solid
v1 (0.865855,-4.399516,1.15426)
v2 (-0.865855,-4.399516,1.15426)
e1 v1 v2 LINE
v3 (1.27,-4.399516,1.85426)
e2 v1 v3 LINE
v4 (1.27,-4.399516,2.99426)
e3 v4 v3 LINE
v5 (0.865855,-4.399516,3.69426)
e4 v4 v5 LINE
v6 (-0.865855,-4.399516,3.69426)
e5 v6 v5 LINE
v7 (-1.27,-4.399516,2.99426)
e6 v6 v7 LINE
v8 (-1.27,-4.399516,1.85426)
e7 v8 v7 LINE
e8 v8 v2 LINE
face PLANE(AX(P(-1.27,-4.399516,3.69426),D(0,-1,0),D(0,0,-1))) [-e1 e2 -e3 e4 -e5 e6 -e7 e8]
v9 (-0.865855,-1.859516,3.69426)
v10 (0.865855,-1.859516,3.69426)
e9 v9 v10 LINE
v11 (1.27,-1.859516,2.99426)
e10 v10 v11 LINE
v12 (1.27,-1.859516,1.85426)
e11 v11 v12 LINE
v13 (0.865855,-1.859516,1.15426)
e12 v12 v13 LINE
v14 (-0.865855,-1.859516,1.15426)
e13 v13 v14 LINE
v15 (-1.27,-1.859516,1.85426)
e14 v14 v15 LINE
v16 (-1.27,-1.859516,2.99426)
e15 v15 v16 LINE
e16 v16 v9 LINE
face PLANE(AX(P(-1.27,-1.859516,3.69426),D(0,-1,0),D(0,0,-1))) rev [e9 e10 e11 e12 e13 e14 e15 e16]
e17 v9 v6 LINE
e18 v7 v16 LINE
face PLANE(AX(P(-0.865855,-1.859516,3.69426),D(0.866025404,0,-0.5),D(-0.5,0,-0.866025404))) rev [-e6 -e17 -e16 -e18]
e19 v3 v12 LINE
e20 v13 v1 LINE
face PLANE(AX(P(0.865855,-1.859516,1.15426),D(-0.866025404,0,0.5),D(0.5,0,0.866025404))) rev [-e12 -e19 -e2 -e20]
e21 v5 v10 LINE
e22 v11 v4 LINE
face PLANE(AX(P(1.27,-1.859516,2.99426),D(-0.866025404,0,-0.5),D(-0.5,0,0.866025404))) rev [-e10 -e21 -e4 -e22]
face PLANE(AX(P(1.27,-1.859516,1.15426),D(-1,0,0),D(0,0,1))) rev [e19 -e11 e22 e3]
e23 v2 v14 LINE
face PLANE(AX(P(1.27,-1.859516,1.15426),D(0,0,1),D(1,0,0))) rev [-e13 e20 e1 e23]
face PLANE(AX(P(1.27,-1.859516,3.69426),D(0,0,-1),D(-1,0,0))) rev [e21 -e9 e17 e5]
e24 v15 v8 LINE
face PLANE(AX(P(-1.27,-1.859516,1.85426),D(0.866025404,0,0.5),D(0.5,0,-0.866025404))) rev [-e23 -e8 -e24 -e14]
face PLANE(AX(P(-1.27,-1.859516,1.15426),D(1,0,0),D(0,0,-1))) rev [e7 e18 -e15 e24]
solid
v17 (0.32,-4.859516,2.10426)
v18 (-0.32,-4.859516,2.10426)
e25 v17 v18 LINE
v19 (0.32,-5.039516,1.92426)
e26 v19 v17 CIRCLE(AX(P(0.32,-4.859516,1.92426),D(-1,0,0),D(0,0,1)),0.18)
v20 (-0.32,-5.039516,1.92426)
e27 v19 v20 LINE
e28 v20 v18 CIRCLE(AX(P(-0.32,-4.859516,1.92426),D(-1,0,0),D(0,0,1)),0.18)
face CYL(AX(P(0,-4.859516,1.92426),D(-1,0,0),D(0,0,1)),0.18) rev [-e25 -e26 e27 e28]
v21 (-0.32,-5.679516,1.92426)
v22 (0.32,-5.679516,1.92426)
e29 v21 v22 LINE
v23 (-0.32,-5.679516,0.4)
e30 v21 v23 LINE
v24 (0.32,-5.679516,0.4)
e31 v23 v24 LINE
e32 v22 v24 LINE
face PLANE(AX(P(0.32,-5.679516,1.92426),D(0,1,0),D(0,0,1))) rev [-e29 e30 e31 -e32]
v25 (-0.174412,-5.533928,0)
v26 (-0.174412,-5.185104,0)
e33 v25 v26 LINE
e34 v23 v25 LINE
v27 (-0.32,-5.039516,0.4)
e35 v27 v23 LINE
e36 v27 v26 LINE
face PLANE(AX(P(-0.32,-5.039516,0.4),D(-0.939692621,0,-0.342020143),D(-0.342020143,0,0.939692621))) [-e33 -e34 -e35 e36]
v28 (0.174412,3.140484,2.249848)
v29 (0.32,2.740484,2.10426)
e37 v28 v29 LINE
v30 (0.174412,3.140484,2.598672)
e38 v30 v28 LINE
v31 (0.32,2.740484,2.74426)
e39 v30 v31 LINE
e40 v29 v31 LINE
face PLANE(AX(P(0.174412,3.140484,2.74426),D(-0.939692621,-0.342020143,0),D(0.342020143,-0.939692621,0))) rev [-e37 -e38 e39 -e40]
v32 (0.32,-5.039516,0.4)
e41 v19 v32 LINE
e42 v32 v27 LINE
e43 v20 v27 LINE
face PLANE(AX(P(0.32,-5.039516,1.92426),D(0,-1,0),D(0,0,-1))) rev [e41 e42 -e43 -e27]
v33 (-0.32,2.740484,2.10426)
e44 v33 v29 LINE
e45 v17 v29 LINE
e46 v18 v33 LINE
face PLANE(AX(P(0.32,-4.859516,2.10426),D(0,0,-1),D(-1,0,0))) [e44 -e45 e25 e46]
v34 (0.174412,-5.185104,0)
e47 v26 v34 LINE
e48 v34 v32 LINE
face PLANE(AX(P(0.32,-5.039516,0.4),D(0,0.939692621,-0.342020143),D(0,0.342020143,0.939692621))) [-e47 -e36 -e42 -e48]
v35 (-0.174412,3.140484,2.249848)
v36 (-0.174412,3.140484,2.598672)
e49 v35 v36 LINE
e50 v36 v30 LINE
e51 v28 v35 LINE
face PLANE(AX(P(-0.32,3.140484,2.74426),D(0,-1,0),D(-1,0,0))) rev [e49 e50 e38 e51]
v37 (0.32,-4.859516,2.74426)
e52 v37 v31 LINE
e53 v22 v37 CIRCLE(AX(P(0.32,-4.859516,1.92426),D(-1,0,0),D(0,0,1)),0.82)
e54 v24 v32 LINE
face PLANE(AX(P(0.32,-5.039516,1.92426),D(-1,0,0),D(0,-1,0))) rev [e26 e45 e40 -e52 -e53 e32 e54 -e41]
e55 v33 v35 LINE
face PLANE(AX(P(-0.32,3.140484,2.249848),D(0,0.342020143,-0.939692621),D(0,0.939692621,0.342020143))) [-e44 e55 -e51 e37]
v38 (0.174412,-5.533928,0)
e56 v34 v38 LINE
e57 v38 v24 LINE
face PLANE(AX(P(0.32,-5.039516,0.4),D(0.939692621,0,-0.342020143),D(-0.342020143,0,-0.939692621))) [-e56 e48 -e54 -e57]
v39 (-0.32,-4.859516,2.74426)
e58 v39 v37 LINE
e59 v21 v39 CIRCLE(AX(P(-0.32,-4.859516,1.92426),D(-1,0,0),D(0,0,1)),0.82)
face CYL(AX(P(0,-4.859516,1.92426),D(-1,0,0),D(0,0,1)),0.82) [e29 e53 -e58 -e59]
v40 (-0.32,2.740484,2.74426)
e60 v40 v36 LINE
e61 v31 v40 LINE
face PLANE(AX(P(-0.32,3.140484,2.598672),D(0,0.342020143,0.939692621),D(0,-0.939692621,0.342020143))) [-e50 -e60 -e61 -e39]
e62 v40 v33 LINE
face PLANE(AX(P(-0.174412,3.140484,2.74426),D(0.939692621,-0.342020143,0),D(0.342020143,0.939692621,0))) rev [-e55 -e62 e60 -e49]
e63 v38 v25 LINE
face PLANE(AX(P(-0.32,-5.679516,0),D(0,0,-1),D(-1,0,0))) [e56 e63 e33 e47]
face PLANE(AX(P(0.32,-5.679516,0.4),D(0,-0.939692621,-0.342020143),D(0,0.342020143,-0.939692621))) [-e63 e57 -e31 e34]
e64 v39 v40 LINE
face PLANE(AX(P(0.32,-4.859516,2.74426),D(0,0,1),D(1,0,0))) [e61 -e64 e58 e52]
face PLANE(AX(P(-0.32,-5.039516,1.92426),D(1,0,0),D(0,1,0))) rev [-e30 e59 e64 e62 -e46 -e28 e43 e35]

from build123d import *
from OCP.BRepFilletAPI import BRepFilletAPI_MakeChamfer

# Parameters (mm, degrees)
SKETCH2_W      = 0.64
SKETCH2_H      = 0.64
CHAMFER1_SIZE  = 0.4
CHAMFER1_SIZE2 = 0.145588094
SKETCH6_W      = 2.54
SKETCH6_H      = 2.54
EXTRUDE1_DEPTH = 2.54
CHAMFER2_SIZE  = 0.7
CHAMFER2_SIZE2 = 0.404145188


with BuildPart() as part:
    # Sweep1: sweep along a path in Sketch1
    with BuildLine(Plane(origin=(0, 0, 0), x_dir=(0, 0, -1), z_dir=(1, 0, 0))) as sweep1_path:
        Line((0, -5.359515774), (-1.924260195, -5.359515774))
        ThreePointArc((-1.924260195, -5.359515774), (-2.277813586, -5.213069164), (-2.424260195, -4.859515774))
        Line((-2.424260195, -4.859515774), (-2.424260195, 3.140484226))
    # Sketch2 → Sweep1 (sweep)
    with BuildSketch(Plane.XY):
        with Locations((0, -5.359515774)):
            Rectangle(SKETCH2_W, SKETCH2_H)
    sweep(path=sweep1_path.line)

    # Chamfer1: one chamfer whose edges measure the first distance from different faces: ONE call of the kernel's chamfer builder (chamfer() names one face for all edges)
    chamfer1_edges_1 = [part.edges().sort_by_distance(p)[0] for p in [
        (-0.32, 3.140484226, 2.424260195),
        (-0.32, -5.359515774, 0),
    ]]
    chamfer1_side_1 = [part.faces().sort_by_distance(p)[0] for p in [
        (-0.32, -1.987926827, 2.15141447),
    ]]
    chamfer1_edges_2 = [part.edges().sort_by_distance(p)[0] for p in [
        (0, 3.140484226, 2.104260195),
    ]]
    chamfer1_side_2 = [part.faces().sort_by_distance(p)[0] for p in [
        (0, -0.859515774, 2.104260195),
    ]]
    chamfer1_edges_3 = [part.edges().sort_by_distance(p)[0] for p in [
        (0.32, 3.140484226, 2.424260195),
        (0.32, -5.359515774, 0),
    ]]
    chamfer1_side_3 = [part.faces().sort_by_distance(p)[0] for p in [
        (0.32, -1.987926827, 2.15141447),
    ]]
    chamfer1_edges_4 = [part.edges().sort_by_distance(p)[0] for p in [
        (0, 3.140484226, 2.744260195),
    ]]
    chamfer1_side_4 = [part.faces().sort_by_distance(p)[0] for p in [
        (0, -0.859515774, 2.744260195),
    ]]
    chamfer1_edges_5 = [part.edges().sort_by_distance(p)[0] for p in [
        (0, -5.039515774, 0),
    ]]
    chamfer1_side_5 = [part.faces().sort_by_distance(p)[0] for p in [
        (0, -5.039515774, 0.962130097),
    ]]
    chamfer1_edges_6 = [part.edges().sort_by_distance(p)[0] for p in [
        (0, -5.679515774, 0),
    ]]
    chamfer1_side_6 = [part.faces().sort_by_distance(p)[0] for p in [
        (0, -5.679515774, 0.962130097),
    ]]
    chamfer1 = BRepFilletAPI_MakeChamfer(part.part.solid().wrapped)
    for e in chamfer1_edges_1:
        chamfer1.Add(CHAMFER1_SIZE, CHAMFER1_SIZE2, e.wrapped, chamfer1_side_1[0].wrapped)  # the first distance lies on this face
    for e in chamfer1_edges_2:
        chamfer1.Add(CHAMFER1_SIZE, CHAMFER1_SIZE2, e.wrapped, chamfer1_side_2[0].wrapped)  # the first distance lies on this face
    for e in chamfer1_edges_3:
        chamfer1.Add(CHAMFER1_SIZE, CHAMFER1_SIZE2, e.wrapped, chamfer1_side_3[0].wrapped)  # the first distance lies on this face
    for e in chamfer1_edges_4:
        chamfer1.Add(CHAMFER1_SIZE, CHAMFER1_SIZE2, e.wrapped, chamfer1_side_4[0].wrapped)  # the first distance lies on this face
    for e in chamfer1_edges_5:
        chamfer1.Add(CHAMFER1_SIZE, CHAMFER1_SIZE2, e.wrapped, chamfer1_side_5[0].wrapped)  # the first distance lies on this face
    for e in chamfer1_edges_6:
        chamfer1.Add(CHAMFER1_SIZE, CHAMFER1_SIZE2, e.wrapped, chamfer1_side_6[0].wrapped)  # the first distance lies on this face
    add(Compound.cast(chamfer1.Shape()), mode=Mode.REPLACE)


with BuildPart() as body_2:
    # Sketch6 → Extrude1 (new body)
    with BuildSketch(Plane(origin=(0, -4.399515774, 0), x_dir=(-1, 0, 0), z_dir=(0, 1, 0))):
        with Locations((0, 2.424260195)):
            Rectangle(SKETCH6_W, SKETCH6_H)
    extrude(amount=EXTRUDE1_DEPTH)

    # Chamfer2: one chamfer whose edges measure the first distance from different faces: ONE call of the kernel's chamfer builder (chamfer() names one face for all edges)
    chamfer2_edges_1 = [body_2.edges().sort_by_distance(p)[0] for p in [
        (-1.27, -3.129515774, 1.154260195),
        (-1.27, -3.129515774, 3.694260195),
    ]]
    chamfer2_side_1 = [body_2.faces().sort_by_distance(p)[0] for p in [
        (-1.27, -3.129515774, 2.424260195),
    ]]
    chamfer2_edges_2 = [body_2.edges().sort_by_distance(p)[0] for p in [
        (1.27, -3.129515774, 1.154260195),
        (1.27, -3.129515774, 3.694260195),
    ]]
    chamfer2_side_2 = [body_2.faces().sort_by_distance(p)[0] for p in [
        (1.27, -3.129515774, 2.424260195),
    ]]
    chamfer2 = BRepFilletAPI_MakeChamfer(body_2.part.solid().wrapped)
    for e in chamfer2_edges_1:
        chamfer2.Add(CHAMFER2_SIZE, CHAMFER2_SIZE2, e.wrapped, chamfer2_side_1[0].wrapped)  # the first distance lies on this face
    for e in chamfer2_edges_2:
        chamfer2.Add(CHAMFER2_SIZE, CHAMFER2_SIZE2, e.wrapped, chamfer2_side_2[0].wrapped)  # the first distance lies on this face
    add(Compound.cast(chamfer2.Shape()), mode=Mode.REPLACE)


solid = Compound([part.part, body_2.part])
